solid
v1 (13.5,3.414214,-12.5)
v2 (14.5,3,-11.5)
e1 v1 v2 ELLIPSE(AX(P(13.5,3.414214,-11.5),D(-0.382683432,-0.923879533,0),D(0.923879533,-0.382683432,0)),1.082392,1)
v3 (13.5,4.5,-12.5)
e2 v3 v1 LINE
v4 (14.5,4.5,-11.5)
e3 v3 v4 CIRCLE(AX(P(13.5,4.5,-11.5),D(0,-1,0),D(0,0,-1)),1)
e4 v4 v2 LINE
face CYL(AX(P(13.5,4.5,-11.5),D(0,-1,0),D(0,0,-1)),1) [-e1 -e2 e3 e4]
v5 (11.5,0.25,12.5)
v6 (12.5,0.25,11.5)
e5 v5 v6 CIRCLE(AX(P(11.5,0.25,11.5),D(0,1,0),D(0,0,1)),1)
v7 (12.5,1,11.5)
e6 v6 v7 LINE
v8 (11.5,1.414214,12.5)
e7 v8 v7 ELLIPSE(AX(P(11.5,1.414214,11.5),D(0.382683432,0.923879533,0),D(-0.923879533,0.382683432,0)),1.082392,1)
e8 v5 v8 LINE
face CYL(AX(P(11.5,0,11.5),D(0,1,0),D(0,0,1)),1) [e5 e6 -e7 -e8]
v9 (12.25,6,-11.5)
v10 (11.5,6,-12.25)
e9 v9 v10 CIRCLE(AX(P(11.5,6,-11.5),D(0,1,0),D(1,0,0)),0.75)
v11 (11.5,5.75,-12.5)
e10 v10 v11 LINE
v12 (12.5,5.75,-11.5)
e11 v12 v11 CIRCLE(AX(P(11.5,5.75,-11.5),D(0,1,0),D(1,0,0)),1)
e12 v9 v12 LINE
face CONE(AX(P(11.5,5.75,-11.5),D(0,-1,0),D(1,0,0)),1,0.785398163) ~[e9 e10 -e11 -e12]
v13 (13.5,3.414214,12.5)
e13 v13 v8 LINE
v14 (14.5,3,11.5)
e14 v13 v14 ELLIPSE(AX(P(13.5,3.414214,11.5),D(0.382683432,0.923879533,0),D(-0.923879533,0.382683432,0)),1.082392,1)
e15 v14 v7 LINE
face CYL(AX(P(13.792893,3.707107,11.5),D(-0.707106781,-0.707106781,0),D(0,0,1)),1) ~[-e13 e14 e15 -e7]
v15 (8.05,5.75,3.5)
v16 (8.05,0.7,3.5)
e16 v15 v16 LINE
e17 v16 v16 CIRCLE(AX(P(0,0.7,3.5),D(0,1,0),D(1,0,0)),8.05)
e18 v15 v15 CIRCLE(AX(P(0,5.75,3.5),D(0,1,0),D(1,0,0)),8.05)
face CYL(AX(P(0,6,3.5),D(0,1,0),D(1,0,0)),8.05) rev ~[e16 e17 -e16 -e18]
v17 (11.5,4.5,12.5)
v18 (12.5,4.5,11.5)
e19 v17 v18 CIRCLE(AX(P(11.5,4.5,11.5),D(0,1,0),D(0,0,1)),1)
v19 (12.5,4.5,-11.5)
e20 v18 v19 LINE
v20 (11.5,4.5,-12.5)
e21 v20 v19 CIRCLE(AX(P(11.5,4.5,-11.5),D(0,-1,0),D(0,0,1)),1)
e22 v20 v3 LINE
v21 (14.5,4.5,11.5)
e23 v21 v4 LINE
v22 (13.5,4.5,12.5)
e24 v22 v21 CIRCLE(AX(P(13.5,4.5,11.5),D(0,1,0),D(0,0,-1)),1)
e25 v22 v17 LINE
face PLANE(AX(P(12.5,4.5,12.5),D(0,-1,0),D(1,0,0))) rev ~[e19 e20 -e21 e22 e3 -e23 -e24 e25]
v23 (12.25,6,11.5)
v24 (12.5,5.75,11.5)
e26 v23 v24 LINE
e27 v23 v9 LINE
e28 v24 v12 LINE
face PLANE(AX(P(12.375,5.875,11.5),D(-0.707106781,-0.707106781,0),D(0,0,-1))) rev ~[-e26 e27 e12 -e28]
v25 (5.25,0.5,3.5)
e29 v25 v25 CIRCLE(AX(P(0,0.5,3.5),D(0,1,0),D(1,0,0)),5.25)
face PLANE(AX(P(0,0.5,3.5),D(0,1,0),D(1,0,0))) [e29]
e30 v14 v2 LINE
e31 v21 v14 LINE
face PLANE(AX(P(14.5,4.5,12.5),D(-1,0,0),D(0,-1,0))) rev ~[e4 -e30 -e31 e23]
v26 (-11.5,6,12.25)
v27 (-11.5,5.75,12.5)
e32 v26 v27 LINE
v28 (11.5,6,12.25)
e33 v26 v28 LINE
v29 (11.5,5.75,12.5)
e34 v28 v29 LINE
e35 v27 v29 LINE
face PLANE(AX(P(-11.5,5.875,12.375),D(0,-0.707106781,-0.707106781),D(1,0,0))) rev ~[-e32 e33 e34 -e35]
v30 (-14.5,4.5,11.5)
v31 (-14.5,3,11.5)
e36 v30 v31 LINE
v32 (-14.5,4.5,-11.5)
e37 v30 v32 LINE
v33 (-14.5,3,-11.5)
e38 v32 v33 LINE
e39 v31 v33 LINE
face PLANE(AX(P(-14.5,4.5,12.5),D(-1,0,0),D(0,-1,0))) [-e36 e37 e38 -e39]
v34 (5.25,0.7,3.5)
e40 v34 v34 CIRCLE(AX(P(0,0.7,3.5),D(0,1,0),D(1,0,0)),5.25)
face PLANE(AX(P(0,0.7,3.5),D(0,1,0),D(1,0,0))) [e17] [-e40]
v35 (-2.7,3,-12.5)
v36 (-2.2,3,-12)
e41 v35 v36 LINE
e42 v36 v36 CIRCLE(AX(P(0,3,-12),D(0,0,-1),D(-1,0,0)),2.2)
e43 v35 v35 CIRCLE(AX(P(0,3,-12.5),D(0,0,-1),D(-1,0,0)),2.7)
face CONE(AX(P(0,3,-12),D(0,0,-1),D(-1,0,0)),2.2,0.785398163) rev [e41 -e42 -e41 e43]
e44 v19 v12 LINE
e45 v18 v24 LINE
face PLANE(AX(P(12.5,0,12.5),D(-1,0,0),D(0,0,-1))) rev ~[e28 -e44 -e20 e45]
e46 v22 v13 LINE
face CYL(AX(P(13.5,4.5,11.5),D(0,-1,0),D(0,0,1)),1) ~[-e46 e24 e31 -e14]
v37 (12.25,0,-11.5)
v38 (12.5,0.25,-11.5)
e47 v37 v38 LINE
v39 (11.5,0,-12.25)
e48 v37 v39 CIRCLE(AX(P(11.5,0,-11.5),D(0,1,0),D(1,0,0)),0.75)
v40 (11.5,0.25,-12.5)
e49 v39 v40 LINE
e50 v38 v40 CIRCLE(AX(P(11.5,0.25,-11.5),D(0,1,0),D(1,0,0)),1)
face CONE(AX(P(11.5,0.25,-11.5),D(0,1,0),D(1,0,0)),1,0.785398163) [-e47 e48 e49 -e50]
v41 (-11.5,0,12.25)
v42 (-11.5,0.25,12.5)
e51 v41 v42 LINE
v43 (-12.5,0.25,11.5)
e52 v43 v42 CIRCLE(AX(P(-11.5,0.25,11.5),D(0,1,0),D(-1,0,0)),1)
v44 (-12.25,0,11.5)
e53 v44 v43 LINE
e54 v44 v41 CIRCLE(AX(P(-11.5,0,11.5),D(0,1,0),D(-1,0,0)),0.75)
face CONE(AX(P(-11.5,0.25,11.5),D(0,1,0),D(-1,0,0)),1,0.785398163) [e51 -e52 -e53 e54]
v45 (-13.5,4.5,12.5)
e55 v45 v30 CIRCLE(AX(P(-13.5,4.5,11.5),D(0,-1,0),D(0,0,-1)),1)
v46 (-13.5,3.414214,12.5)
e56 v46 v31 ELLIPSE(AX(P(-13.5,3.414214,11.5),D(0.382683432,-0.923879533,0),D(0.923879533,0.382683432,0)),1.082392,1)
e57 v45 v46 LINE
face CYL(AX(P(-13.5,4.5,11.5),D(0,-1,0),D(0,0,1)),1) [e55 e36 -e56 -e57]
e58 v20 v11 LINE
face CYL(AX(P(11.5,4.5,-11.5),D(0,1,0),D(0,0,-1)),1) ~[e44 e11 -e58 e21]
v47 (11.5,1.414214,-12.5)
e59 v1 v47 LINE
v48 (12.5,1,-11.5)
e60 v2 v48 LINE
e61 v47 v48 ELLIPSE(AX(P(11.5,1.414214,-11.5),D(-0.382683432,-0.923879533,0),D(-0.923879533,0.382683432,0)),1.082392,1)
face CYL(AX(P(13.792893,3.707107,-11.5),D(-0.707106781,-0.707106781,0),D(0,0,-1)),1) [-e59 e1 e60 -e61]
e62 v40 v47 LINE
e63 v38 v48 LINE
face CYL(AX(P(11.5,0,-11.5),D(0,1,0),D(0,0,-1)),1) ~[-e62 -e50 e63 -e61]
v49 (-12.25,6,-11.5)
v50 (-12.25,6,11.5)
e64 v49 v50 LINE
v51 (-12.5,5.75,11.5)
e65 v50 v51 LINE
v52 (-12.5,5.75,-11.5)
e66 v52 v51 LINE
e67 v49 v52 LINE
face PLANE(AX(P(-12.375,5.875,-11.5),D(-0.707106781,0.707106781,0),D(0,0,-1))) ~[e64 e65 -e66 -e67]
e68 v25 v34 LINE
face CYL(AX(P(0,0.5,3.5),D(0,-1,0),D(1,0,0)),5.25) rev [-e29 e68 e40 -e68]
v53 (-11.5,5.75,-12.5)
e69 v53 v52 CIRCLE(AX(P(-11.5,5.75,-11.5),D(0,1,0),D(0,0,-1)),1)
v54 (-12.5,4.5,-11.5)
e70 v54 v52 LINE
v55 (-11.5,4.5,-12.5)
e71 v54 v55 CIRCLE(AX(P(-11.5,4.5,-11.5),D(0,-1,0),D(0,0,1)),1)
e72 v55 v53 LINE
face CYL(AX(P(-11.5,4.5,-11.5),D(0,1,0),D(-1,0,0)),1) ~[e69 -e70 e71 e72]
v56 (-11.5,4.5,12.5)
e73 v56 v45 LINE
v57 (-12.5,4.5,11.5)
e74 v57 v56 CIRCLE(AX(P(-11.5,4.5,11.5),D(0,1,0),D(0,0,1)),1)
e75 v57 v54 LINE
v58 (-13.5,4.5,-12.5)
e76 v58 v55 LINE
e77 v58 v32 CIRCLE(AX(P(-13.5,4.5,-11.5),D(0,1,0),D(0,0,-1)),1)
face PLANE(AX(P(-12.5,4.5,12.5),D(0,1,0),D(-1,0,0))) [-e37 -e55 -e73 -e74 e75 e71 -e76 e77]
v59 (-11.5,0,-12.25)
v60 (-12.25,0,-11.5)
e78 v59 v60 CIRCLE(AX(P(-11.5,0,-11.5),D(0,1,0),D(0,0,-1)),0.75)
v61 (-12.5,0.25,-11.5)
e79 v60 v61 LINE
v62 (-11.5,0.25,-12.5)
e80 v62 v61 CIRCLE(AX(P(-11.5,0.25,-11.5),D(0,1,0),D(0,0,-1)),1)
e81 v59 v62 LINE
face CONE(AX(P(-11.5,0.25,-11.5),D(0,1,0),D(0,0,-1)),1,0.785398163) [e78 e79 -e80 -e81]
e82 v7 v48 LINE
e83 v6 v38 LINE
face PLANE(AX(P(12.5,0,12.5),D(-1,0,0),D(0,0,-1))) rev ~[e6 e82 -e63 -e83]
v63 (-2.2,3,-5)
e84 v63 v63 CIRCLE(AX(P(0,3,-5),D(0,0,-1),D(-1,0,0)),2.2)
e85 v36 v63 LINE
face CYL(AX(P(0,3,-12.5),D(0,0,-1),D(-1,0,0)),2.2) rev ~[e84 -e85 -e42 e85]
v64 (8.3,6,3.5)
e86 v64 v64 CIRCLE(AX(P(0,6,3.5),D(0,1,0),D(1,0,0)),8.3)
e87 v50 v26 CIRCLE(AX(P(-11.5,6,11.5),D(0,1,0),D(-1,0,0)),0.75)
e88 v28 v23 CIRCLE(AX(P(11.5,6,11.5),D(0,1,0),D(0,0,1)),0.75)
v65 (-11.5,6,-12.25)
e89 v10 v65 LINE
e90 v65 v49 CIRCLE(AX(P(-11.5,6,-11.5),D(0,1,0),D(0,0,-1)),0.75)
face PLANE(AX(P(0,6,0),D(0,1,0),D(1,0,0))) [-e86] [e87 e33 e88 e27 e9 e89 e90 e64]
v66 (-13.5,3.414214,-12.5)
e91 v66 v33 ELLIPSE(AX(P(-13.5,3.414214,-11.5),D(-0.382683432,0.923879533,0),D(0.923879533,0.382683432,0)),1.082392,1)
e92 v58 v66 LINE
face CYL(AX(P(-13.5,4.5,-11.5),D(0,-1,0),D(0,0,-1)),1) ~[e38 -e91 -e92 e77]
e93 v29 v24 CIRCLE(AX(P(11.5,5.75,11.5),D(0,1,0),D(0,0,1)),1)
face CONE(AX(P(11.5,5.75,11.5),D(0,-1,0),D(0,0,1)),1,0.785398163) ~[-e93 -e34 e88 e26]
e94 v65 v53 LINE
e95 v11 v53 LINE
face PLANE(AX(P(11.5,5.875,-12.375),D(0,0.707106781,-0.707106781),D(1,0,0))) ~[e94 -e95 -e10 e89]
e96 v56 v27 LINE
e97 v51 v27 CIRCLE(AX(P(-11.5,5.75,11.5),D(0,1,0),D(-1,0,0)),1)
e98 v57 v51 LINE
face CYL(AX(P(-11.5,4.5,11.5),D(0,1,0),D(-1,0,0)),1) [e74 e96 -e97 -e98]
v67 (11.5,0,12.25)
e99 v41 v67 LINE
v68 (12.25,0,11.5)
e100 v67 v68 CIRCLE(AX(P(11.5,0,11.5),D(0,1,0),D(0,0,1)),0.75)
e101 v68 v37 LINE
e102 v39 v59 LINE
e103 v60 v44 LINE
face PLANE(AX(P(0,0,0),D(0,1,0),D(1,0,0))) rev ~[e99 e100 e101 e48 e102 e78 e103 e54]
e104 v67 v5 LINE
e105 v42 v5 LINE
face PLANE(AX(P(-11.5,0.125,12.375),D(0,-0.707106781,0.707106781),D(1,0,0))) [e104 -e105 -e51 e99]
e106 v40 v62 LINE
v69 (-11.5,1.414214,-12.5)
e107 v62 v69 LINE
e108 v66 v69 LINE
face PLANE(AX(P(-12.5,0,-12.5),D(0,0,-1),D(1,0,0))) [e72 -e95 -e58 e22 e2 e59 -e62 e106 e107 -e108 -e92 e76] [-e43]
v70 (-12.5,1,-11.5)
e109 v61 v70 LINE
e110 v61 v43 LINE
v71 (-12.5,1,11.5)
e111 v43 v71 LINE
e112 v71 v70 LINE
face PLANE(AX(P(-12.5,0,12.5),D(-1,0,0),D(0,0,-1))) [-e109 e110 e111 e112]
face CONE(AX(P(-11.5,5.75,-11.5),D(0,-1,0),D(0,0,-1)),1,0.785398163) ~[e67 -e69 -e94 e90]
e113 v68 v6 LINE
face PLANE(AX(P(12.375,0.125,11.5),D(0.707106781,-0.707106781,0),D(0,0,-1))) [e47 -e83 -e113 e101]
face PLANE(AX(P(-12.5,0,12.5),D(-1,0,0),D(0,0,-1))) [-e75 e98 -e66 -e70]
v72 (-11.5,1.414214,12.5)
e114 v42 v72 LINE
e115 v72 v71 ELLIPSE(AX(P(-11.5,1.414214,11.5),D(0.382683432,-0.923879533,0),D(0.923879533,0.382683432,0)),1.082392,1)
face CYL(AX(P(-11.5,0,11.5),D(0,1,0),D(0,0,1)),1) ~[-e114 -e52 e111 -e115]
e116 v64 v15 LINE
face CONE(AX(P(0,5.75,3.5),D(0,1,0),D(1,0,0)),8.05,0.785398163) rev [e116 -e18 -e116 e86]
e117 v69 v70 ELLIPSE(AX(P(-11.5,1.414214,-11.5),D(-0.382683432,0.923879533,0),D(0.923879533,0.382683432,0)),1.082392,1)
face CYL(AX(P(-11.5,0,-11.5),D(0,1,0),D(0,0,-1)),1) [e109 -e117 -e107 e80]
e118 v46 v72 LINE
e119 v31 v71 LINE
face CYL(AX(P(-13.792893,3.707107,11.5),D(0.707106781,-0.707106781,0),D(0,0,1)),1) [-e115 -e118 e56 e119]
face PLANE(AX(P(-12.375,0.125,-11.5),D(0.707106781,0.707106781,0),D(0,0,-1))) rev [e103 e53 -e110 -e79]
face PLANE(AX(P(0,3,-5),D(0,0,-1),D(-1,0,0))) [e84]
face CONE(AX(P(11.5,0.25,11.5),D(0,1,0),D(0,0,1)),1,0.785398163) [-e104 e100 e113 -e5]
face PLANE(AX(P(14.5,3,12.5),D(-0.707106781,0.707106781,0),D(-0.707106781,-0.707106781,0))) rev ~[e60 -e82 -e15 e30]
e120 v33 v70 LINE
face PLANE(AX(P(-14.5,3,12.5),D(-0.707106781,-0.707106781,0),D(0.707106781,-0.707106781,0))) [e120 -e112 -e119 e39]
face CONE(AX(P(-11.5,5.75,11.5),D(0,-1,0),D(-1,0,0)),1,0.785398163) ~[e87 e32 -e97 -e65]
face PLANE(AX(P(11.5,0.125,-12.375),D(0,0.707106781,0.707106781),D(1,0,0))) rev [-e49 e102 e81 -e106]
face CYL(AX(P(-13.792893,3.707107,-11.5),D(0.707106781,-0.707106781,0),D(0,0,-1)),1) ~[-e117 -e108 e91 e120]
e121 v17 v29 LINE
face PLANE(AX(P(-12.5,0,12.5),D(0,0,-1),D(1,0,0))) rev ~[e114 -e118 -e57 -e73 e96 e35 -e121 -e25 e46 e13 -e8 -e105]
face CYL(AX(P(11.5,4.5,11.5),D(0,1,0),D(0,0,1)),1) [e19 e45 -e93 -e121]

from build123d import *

# Parameters (mm, degrees)
SKETCH1_W           = 25
SKETCH1_H           = 25
BOSS_EXTRUDE1_DEPTH = 6
SKETCH2_R           = 8.05
CUT_EXTRUDE1_DEPTH  = 5.5
BOSS_EXTRUDE2_DEPTH = 25
SKETCH5_R           = 2.2
CUT_EXTRUDE3_DEPTH  = 7.5
SKETCH6_R           = 8.05
SKETCH6_R_2         = 5.25
BOSS_EXTRUDE3_DEPTH = 0.2
FILLET1_R           = 1
CHAMFER1_SIZE       = 0.5
CHAMFER2_SIZE       = 0.25


with BuildPart() as part:
    # Sketch1 → Boss-Extrude1 (new body)
    with BuildSketch(Plane(origin=(0, 0, 0), x_dir=(1, 0, 0), z_dir=(0, 1, 0))):
        Rectangle(SKETCH1_W, SKETCH1_H)
    extrude(amount=BOSS_EXTRUDE1_DEPTH)

    # Sketch2 → Cut-Extrude1 (cut)
    with BuildSketch(Plane(origin=(0, 6, 0), x_dir=(1, 0, 0), z_dir=(0, 1, 0))):
        with Locations((0, -3.5)):
            Circle(SKETCH2_R)
    extrude(amount=-CUT_EXTRUDE1_DEPTH, mode=Mode.SUBTRACT)

    # Sketch4 → Boss-Extrude2 (add)
    with BuildSketch(Plane.XY.offset(12.5)):
        Polygon((12.5, 4.5), (14.5, 4.5), (14.5, 3), (12.5, 1), align=None)
        Polygon((-12.5, 1), (-12.5, 4.5), (-14.5, 4.5), (-14.5, 3), align=None)
    extrude(amount=-BOSS_EXTRUDE2_DEPTH)

    # Sketch5 → Cut-Extrude3 (cut)
    with BuildSketch(Plane(origin=(0, 0, -12.5), x_dir=(-1, 0, 0), z_dir=(0, 0, -1))):
        with Locations((0, 3)):
            Circle(SKETCH5_R)
    extrude(amount=-CUT_EXTRUDE3_DEPTH, mode=Mode.SUBTRACT)

    # Sketch6 → Boss-Extrude3 (add)
    with BuildSketch(Plane(origin=(0, 0.5, 0), x_dir=(1, 0, 0), z_dir=(0, 1, 0))):
        with Locations((0, -3.5)):
            Circle(SKETCH6_R)
        with Locations((0, -3.5)):
            Circle(SKETCH6_R_2, mode=Mode.SUBTRACT)
    extrude(amount=BOSS_EXTRUDE3_DEPTH)

    # Fillet1
    fillet1_edges = [part.edges().sort_by_distance(p)[0] for p in [
        (12.5, 0.5, -12.5),
        (12.5, 0.5, 12.5),
        (13.5, 2, 12.5),
        (14.5, 3.75, 12.5),
        (14.5, 3.75, -12.5),
        (13.5, 2, -12.5),
        (-12.5, 0.5, 12.5),
        (-12.5, 0.5, -12.5),
        (-13.5, 2, 12.5),
        (-14.5, 3.75, 12.5),
        (-13.5, 2, -12.5),
        (-14.5, 3.75, -12.5),
        (12.5, 5.25, 12.5),
        (-12.5, 5.25, 12.5),
        (-12.5, 5.25, -12.5),
        (12.5, 5.25, -12.5),
    ]]
    fillet(fillet1_edges, radius=FILLET1_R)

    # Chamfer1
    chamfer1_edges = [part.edges().sort_by_distance(p)[0] for p in [
        (2.2, 3, -12.5),
    ]]
    chamfer(chamfer1_edges, length=CHAMFER1_SIZE)

    # Chamfer2
    chamfer2_edges = [part.edges().sort_by_distance(p)[0] for p in [
        (-8.05, 6, 3.5),
        (0, 0, 12.5),
        (0, 6, 12.5),
        (0, 0, -12.5),
        (0, 6, -12.5),
        (12.5, 0, 0),
        (-12.5, 0, 0),
        (12.207106781, 0, -12.207106781),
        (-12.207106781, 0, -12.207106781),
        (-12.207106781, 0, 12.207106781),
        (12.207106781, 0, 12.207106781),
        (12.5, 6, 0),
        (-12.5, 6, 0),
        (12.207106781, 6, -12.207106781),
        (-12.207106781, 6, -12.207106781),
        (-12.207106781, 6, 12.207106781),
        (12.207106781, 6, 12.207106781),
    ]]
    chamfer(chamfer2_edges, length=CHAMFER2_SIZE)


solid = part.part
